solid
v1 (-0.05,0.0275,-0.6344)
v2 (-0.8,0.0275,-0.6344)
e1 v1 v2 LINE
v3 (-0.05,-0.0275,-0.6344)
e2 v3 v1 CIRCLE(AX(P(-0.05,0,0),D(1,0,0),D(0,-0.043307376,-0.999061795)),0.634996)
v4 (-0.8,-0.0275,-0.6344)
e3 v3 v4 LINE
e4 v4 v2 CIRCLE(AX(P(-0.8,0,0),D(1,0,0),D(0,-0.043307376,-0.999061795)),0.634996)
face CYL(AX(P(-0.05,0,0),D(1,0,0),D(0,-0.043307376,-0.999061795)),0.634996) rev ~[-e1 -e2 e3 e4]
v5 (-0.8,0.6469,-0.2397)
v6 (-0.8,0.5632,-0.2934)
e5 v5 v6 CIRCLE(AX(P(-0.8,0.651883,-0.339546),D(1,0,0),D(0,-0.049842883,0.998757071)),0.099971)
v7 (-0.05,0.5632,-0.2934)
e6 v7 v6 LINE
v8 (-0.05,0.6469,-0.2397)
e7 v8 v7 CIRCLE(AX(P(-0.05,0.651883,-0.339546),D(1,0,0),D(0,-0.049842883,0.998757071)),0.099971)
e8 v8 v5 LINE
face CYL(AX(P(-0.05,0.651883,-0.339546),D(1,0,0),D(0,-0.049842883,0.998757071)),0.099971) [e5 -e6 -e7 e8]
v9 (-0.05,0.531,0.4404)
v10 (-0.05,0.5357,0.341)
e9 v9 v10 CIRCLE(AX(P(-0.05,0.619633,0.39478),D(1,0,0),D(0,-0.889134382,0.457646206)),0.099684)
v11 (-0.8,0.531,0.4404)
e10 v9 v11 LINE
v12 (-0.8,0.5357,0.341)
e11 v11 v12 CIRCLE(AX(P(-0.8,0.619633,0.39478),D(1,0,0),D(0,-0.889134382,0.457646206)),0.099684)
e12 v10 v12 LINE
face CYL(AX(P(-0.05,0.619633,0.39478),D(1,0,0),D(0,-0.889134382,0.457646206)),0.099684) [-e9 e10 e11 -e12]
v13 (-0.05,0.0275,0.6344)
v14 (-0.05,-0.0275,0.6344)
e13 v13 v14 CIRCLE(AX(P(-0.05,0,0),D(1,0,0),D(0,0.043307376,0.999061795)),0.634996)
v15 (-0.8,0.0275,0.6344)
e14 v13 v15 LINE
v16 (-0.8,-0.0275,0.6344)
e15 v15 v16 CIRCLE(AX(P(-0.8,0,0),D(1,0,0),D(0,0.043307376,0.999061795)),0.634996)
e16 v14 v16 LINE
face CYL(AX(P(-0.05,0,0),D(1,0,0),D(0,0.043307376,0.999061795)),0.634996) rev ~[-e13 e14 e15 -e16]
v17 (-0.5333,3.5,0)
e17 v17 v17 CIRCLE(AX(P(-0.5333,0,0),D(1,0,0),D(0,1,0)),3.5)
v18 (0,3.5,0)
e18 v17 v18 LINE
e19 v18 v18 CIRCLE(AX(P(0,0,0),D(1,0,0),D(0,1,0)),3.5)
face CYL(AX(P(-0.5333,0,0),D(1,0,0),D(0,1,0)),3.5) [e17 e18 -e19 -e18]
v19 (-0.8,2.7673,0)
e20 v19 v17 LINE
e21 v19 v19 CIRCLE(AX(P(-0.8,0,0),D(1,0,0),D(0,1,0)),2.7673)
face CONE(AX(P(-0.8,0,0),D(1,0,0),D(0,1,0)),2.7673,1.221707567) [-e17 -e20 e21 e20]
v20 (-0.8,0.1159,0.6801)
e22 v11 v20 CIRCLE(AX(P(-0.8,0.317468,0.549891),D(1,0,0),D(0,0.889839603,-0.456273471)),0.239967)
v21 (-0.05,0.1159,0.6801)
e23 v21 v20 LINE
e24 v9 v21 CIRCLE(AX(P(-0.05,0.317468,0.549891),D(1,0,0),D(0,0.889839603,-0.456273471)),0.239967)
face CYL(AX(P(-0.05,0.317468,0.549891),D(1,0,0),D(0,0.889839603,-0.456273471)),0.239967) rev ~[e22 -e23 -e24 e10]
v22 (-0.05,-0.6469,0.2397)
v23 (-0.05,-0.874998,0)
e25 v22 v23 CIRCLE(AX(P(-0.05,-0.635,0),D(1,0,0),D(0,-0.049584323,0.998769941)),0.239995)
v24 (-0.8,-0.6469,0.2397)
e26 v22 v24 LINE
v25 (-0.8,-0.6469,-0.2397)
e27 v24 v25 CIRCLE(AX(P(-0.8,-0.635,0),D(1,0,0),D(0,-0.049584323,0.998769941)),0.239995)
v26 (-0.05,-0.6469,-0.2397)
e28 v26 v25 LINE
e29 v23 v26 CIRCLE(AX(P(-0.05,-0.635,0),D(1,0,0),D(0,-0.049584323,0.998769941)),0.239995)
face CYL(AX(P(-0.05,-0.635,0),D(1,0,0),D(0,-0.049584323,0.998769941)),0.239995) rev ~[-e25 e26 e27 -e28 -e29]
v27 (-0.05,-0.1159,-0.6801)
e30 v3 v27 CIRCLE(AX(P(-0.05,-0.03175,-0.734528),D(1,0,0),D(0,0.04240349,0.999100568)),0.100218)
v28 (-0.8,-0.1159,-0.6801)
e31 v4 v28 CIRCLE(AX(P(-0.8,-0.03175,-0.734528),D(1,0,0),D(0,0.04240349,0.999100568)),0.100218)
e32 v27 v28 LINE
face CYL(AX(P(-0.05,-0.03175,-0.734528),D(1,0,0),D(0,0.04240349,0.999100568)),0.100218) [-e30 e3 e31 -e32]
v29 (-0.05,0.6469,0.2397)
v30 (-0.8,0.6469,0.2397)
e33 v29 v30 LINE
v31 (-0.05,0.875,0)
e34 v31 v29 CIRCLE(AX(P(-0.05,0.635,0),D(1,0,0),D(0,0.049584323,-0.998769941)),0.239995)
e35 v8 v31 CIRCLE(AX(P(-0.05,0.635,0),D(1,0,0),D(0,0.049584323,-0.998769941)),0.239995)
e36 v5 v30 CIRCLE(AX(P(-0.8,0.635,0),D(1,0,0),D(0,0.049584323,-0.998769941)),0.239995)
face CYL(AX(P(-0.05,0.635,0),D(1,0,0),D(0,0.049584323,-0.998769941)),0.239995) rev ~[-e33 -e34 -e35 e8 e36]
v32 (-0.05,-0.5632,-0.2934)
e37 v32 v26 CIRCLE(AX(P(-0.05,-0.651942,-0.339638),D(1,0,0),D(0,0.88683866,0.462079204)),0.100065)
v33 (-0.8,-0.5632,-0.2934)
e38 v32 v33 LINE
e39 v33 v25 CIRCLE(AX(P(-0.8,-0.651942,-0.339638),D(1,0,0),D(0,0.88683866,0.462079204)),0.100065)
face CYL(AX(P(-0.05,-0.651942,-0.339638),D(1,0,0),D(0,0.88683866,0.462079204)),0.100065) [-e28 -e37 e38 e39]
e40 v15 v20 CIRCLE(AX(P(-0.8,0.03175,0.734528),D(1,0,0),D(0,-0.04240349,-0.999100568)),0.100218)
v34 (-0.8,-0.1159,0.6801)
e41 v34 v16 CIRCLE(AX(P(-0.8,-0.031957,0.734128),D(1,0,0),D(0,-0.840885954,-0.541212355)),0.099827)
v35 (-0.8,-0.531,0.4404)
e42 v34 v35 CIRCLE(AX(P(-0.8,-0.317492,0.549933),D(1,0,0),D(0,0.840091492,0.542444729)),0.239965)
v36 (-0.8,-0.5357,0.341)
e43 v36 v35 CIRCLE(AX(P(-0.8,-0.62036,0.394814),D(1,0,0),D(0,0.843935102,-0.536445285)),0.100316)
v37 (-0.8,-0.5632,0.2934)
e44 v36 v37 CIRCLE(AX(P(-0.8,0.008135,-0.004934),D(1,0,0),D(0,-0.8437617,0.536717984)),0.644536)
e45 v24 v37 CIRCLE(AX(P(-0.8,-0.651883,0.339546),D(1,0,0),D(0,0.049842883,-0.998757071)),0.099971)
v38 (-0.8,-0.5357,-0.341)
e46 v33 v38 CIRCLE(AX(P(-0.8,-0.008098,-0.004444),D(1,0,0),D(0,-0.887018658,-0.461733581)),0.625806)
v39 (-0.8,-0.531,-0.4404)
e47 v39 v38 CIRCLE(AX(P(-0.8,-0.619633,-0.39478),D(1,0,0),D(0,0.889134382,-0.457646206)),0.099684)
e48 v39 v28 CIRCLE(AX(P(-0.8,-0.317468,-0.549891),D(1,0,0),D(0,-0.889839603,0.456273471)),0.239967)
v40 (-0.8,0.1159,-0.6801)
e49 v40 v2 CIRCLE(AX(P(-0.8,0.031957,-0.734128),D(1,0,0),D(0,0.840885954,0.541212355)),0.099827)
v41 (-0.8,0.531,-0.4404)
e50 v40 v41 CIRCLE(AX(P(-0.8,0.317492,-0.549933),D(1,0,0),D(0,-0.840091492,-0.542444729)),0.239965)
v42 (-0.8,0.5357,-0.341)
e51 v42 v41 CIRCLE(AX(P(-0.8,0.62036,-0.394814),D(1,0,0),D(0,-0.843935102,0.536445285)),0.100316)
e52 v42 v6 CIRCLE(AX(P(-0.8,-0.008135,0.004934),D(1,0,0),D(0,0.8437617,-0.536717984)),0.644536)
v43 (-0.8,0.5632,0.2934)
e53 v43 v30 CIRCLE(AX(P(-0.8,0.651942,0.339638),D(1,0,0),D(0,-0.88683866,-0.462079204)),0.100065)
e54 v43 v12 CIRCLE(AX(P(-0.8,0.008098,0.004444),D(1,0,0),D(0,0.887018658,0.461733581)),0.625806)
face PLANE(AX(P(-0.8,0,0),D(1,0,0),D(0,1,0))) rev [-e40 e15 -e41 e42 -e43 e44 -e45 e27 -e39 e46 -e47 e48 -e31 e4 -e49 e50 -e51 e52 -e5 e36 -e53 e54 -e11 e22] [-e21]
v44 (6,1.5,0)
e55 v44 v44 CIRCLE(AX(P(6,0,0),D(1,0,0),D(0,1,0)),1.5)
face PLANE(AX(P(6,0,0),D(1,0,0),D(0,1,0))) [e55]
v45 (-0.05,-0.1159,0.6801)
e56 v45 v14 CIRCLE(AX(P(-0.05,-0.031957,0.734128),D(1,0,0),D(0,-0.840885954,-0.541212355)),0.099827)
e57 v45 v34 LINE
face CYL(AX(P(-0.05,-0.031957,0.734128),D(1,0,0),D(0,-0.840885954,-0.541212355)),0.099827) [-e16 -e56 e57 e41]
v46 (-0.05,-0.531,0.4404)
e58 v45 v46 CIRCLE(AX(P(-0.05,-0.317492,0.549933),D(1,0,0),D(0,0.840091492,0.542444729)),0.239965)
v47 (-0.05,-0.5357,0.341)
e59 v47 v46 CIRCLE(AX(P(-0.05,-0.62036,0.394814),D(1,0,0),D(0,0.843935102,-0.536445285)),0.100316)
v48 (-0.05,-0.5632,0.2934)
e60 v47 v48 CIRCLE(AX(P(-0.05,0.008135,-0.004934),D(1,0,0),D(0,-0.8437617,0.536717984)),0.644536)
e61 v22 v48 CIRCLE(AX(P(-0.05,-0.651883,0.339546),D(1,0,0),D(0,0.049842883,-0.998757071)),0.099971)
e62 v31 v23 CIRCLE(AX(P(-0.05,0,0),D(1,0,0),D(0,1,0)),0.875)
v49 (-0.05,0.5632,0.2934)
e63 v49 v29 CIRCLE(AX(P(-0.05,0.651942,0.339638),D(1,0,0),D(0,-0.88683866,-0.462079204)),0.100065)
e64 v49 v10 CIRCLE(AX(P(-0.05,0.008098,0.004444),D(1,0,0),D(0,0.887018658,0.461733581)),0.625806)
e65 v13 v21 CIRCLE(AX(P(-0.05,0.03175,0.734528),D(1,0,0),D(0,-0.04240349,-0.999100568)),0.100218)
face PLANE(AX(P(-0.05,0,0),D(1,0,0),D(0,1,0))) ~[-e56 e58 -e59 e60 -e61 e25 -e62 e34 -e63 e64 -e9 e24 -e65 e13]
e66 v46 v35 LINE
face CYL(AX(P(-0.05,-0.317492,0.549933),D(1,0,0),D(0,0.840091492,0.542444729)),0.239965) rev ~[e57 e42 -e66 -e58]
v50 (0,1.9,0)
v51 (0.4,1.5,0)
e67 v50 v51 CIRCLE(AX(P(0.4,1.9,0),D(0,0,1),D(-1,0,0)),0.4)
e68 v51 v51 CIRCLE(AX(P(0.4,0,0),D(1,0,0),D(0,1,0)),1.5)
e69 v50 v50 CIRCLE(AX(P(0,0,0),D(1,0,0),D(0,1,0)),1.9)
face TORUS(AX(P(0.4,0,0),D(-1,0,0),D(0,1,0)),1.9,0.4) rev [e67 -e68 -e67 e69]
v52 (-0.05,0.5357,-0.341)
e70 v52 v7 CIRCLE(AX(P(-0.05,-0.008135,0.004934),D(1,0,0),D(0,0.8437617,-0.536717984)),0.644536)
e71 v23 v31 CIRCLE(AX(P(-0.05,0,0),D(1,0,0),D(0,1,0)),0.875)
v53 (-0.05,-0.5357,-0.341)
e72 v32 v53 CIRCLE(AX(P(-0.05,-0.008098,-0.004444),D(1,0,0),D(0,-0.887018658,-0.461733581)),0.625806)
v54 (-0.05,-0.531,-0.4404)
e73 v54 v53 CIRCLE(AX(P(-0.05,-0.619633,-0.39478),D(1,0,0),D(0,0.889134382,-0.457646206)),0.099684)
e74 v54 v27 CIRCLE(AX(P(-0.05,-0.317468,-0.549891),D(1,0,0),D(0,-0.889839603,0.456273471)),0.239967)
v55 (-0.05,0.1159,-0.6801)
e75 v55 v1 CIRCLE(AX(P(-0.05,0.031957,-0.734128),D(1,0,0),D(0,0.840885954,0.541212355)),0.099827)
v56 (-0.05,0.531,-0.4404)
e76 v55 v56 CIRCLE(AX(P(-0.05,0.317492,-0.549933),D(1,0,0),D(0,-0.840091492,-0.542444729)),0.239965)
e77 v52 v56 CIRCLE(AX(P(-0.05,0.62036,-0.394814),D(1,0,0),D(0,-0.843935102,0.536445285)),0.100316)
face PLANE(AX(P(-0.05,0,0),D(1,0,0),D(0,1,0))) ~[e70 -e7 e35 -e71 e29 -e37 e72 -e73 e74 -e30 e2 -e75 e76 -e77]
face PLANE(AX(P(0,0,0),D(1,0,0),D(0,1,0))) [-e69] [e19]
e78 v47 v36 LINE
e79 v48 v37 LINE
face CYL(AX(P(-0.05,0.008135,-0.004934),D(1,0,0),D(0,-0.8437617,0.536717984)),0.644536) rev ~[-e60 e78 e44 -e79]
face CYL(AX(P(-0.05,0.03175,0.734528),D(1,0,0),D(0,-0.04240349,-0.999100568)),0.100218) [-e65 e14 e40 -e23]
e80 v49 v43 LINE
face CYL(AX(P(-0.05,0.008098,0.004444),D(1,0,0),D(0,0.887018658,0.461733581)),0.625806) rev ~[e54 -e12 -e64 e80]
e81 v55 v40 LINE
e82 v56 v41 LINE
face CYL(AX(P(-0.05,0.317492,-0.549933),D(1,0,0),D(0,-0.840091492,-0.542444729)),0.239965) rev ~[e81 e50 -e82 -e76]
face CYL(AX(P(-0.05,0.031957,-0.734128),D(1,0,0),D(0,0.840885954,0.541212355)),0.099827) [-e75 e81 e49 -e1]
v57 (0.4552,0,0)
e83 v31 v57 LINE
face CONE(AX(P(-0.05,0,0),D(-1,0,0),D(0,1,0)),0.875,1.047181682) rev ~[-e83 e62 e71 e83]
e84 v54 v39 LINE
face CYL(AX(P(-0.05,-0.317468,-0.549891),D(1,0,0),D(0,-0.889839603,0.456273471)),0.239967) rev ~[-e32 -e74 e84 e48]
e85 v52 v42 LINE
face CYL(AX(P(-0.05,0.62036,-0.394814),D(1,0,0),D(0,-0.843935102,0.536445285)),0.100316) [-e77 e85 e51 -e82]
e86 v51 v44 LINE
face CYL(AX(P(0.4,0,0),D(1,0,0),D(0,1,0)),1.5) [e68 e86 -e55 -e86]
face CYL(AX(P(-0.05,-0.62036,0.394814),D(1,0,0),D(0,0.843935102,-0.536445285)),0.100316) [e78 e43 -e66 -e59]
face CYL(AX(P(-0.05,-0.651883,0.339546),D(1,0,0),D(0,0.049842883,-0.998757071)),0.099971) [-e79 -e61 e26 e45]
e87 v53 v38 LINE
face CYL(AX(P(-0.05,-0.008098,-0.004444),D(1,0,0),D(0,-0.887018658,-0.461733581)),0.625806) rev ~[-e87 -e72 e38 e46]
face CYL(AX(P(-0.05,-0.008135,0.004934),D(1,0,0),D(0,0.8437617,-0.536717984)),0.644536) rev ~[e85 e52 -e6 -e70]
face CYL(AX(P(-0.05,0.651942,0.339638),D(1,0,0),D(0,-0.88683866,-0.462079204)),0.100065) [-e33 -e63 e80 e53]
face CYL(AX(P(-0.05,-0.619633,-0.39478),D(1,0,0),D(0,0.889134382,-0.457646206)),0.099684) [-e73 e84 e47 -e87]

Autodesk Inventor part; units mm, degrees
ref_plane "YZ Plane" through (0, 0, 0) normal (1, 0, 0) x (0, 1, 0)
ref_plane "XZ Plane" through (0, 0, 0) normal (0, 1, 0) x (-1, 0, 0)
ref_plane "XY Plane" through (0, 0, 0) normal (0, 0, 1) x (1, 0, 0)
sketch "Sketch_1" plane through (0, 0, 0) normal (0, 0, 1) x (1, 0, 0)
  line L0 (6, 0) -> (-0.8, 0)
  line L1 (-0.8, 0) -> (-0.8, 2.7673)
  line L2 (-0.8, 2.7673) -> (-0.5333, 3.5)
  line L3 (-0.5333, 3.5) -> (0, 3.5)
  line L4 (0, 3.5) -> (0, 1.9)
  arc A0 (0, 1.9) -> (0.4, 1.5) centre (0.4, 1.9) ccw
  line L5 (0.4, 1.5) -> (6, 1.5)
  line L6 (6, 1.5) -> (6, 0)
  line L7 (6, 0) -> (-0.8, 0)
revolve "Revolution1" add sketch "Sketch_1" angle 360 about axis through (6, 0, 0) along (1, 0, 0)
thread "Thread1" size "M3x0.5" class "6g" standard "ISO Metric profile" length 5.5 offset 0.1
sketch "Sketch_5" plane through (-0.05, 0, 0) normal (1, 0, 0) x (0, 0, -1)
  arc A0 (-0.6801, -0.1159) -> (-0.4404, -0.531) centre (-0.5499, -0.3175) ccw
  arc A1 (-0.341, -0.5357) -> (-0.4404, -0.531) centre (-0.3947, -0.62) ccw
  arc A2 (-0.341, -0.5357) -> (-0.2934, -0.5632) centre (0, 0) ccw
  arc A3 (-0.2397, -0.6469) -> (-0.2934, -0.5632) centre (-0.3396, -0.6519) ccw
  arc A4 (-0.2397, -0.6469) -> (0.2397, -0.6469) centre (0, -0.635) ccw
  arc A5 (0.2934, -0.5632) -> (0.2397, -0.6469) centre (0.3396, -0.6519) ccw
  arc A6 (0.2934, -0.5632) -> (0.341, -0.5357) centre (0, 0) ccw
  arc A7 (0.4404, -0.531) -> (0.341, -0.5357) centre (0.3947, -0.62) ccw
  arc A8 (0.4404, -0.531) -> (0.6801, -0.1159) centre (0.5499, -0.3175) ccw
  arc A9 (0.6344, -0.0275) -> (0.6801, -0.1159) centre (0.7343, -0.0318) ccw
  arc A10 (0.6344, -0.0275) -> (0.6344, 0.0275) centre (0, 0) ccw
  arc A11 (0.6801, 0.1159) -> (0.6344, 0.0275) centre (0.7343, 0.0318) ccw
  arc A12 (0.6801, 0.1159) -> (0.4404, 0.531) centre (0.5499, 0.3175) ccw
  arc A13 (0.341, 0.5357) -> (0.4404, 0.531) centre (0.3947, 0.62) ccw
  arc A14 (0.341, 0.5357) -> (0.2934, 0.5632) centre (0, 0) ccw
  arc A15 (0.2397, 0.6469) -> (0.2934, 0.5632) centre (0.3396, 0.6519) ccw
  arc A16 (0.2397, 0.6469) -> (-0.2397, 0.6469) centre (0, 0.635) ccw
  arc A17 (-0.2934, 0.5632) -> (-0.2397, 0.6469) centre (-0.3396, 0.6519) ccw
  arc A18 (-0.2934, 0.5632) -> (-0.341, 0.5357) centre (0, 0) ccw
  arc A19 (-0.4404, 0.531) -> (-0.341, 0.5357) centre (-0.3947, 0.62) ccw
  arc A20 (-0.4404, 0.531) -> (-0.6801, 0.1159) centre (-0.5499, 0.3175) ccw
  arc A21 (-0.6344, 0.0275) -> (-0.6801, 0.1159) centre (-0.7343, 0.0318) ccw
  arc A22 (-0.6344, 0.0275) -> (-0.6344, -0.0275) centre (0, 0) ccw
  arc A23 (-0.6801, -0.1159) -> (-0.6344, -0.0275) centre (-0.7343, -0.0318) ccw
extrude "Extrusion1" cut sketch "Sketch_5" against normal blind 0.75
sketch "Sketch_2" plane through (0, 0, 0) normal (0, 0, 1) x (1, 0, 0)
  line L0 (0.4552, 0) -> (0, 0)
  line L1 (-0.05, 0) -> (-0.05, 0.875)
  line L2 (-0.05, 0.875) -> (0.4552, 0)
  line L3 (0.4552, 0) -> (-0.05, 0)
revolve "Revolution2" cut sketch "Sketch_2" angle 360 about axis through (0.4552, 0, 0) along (1, 0, 0)
properties part number "超極低頭ネジL6" material "ステンレス鋼"
